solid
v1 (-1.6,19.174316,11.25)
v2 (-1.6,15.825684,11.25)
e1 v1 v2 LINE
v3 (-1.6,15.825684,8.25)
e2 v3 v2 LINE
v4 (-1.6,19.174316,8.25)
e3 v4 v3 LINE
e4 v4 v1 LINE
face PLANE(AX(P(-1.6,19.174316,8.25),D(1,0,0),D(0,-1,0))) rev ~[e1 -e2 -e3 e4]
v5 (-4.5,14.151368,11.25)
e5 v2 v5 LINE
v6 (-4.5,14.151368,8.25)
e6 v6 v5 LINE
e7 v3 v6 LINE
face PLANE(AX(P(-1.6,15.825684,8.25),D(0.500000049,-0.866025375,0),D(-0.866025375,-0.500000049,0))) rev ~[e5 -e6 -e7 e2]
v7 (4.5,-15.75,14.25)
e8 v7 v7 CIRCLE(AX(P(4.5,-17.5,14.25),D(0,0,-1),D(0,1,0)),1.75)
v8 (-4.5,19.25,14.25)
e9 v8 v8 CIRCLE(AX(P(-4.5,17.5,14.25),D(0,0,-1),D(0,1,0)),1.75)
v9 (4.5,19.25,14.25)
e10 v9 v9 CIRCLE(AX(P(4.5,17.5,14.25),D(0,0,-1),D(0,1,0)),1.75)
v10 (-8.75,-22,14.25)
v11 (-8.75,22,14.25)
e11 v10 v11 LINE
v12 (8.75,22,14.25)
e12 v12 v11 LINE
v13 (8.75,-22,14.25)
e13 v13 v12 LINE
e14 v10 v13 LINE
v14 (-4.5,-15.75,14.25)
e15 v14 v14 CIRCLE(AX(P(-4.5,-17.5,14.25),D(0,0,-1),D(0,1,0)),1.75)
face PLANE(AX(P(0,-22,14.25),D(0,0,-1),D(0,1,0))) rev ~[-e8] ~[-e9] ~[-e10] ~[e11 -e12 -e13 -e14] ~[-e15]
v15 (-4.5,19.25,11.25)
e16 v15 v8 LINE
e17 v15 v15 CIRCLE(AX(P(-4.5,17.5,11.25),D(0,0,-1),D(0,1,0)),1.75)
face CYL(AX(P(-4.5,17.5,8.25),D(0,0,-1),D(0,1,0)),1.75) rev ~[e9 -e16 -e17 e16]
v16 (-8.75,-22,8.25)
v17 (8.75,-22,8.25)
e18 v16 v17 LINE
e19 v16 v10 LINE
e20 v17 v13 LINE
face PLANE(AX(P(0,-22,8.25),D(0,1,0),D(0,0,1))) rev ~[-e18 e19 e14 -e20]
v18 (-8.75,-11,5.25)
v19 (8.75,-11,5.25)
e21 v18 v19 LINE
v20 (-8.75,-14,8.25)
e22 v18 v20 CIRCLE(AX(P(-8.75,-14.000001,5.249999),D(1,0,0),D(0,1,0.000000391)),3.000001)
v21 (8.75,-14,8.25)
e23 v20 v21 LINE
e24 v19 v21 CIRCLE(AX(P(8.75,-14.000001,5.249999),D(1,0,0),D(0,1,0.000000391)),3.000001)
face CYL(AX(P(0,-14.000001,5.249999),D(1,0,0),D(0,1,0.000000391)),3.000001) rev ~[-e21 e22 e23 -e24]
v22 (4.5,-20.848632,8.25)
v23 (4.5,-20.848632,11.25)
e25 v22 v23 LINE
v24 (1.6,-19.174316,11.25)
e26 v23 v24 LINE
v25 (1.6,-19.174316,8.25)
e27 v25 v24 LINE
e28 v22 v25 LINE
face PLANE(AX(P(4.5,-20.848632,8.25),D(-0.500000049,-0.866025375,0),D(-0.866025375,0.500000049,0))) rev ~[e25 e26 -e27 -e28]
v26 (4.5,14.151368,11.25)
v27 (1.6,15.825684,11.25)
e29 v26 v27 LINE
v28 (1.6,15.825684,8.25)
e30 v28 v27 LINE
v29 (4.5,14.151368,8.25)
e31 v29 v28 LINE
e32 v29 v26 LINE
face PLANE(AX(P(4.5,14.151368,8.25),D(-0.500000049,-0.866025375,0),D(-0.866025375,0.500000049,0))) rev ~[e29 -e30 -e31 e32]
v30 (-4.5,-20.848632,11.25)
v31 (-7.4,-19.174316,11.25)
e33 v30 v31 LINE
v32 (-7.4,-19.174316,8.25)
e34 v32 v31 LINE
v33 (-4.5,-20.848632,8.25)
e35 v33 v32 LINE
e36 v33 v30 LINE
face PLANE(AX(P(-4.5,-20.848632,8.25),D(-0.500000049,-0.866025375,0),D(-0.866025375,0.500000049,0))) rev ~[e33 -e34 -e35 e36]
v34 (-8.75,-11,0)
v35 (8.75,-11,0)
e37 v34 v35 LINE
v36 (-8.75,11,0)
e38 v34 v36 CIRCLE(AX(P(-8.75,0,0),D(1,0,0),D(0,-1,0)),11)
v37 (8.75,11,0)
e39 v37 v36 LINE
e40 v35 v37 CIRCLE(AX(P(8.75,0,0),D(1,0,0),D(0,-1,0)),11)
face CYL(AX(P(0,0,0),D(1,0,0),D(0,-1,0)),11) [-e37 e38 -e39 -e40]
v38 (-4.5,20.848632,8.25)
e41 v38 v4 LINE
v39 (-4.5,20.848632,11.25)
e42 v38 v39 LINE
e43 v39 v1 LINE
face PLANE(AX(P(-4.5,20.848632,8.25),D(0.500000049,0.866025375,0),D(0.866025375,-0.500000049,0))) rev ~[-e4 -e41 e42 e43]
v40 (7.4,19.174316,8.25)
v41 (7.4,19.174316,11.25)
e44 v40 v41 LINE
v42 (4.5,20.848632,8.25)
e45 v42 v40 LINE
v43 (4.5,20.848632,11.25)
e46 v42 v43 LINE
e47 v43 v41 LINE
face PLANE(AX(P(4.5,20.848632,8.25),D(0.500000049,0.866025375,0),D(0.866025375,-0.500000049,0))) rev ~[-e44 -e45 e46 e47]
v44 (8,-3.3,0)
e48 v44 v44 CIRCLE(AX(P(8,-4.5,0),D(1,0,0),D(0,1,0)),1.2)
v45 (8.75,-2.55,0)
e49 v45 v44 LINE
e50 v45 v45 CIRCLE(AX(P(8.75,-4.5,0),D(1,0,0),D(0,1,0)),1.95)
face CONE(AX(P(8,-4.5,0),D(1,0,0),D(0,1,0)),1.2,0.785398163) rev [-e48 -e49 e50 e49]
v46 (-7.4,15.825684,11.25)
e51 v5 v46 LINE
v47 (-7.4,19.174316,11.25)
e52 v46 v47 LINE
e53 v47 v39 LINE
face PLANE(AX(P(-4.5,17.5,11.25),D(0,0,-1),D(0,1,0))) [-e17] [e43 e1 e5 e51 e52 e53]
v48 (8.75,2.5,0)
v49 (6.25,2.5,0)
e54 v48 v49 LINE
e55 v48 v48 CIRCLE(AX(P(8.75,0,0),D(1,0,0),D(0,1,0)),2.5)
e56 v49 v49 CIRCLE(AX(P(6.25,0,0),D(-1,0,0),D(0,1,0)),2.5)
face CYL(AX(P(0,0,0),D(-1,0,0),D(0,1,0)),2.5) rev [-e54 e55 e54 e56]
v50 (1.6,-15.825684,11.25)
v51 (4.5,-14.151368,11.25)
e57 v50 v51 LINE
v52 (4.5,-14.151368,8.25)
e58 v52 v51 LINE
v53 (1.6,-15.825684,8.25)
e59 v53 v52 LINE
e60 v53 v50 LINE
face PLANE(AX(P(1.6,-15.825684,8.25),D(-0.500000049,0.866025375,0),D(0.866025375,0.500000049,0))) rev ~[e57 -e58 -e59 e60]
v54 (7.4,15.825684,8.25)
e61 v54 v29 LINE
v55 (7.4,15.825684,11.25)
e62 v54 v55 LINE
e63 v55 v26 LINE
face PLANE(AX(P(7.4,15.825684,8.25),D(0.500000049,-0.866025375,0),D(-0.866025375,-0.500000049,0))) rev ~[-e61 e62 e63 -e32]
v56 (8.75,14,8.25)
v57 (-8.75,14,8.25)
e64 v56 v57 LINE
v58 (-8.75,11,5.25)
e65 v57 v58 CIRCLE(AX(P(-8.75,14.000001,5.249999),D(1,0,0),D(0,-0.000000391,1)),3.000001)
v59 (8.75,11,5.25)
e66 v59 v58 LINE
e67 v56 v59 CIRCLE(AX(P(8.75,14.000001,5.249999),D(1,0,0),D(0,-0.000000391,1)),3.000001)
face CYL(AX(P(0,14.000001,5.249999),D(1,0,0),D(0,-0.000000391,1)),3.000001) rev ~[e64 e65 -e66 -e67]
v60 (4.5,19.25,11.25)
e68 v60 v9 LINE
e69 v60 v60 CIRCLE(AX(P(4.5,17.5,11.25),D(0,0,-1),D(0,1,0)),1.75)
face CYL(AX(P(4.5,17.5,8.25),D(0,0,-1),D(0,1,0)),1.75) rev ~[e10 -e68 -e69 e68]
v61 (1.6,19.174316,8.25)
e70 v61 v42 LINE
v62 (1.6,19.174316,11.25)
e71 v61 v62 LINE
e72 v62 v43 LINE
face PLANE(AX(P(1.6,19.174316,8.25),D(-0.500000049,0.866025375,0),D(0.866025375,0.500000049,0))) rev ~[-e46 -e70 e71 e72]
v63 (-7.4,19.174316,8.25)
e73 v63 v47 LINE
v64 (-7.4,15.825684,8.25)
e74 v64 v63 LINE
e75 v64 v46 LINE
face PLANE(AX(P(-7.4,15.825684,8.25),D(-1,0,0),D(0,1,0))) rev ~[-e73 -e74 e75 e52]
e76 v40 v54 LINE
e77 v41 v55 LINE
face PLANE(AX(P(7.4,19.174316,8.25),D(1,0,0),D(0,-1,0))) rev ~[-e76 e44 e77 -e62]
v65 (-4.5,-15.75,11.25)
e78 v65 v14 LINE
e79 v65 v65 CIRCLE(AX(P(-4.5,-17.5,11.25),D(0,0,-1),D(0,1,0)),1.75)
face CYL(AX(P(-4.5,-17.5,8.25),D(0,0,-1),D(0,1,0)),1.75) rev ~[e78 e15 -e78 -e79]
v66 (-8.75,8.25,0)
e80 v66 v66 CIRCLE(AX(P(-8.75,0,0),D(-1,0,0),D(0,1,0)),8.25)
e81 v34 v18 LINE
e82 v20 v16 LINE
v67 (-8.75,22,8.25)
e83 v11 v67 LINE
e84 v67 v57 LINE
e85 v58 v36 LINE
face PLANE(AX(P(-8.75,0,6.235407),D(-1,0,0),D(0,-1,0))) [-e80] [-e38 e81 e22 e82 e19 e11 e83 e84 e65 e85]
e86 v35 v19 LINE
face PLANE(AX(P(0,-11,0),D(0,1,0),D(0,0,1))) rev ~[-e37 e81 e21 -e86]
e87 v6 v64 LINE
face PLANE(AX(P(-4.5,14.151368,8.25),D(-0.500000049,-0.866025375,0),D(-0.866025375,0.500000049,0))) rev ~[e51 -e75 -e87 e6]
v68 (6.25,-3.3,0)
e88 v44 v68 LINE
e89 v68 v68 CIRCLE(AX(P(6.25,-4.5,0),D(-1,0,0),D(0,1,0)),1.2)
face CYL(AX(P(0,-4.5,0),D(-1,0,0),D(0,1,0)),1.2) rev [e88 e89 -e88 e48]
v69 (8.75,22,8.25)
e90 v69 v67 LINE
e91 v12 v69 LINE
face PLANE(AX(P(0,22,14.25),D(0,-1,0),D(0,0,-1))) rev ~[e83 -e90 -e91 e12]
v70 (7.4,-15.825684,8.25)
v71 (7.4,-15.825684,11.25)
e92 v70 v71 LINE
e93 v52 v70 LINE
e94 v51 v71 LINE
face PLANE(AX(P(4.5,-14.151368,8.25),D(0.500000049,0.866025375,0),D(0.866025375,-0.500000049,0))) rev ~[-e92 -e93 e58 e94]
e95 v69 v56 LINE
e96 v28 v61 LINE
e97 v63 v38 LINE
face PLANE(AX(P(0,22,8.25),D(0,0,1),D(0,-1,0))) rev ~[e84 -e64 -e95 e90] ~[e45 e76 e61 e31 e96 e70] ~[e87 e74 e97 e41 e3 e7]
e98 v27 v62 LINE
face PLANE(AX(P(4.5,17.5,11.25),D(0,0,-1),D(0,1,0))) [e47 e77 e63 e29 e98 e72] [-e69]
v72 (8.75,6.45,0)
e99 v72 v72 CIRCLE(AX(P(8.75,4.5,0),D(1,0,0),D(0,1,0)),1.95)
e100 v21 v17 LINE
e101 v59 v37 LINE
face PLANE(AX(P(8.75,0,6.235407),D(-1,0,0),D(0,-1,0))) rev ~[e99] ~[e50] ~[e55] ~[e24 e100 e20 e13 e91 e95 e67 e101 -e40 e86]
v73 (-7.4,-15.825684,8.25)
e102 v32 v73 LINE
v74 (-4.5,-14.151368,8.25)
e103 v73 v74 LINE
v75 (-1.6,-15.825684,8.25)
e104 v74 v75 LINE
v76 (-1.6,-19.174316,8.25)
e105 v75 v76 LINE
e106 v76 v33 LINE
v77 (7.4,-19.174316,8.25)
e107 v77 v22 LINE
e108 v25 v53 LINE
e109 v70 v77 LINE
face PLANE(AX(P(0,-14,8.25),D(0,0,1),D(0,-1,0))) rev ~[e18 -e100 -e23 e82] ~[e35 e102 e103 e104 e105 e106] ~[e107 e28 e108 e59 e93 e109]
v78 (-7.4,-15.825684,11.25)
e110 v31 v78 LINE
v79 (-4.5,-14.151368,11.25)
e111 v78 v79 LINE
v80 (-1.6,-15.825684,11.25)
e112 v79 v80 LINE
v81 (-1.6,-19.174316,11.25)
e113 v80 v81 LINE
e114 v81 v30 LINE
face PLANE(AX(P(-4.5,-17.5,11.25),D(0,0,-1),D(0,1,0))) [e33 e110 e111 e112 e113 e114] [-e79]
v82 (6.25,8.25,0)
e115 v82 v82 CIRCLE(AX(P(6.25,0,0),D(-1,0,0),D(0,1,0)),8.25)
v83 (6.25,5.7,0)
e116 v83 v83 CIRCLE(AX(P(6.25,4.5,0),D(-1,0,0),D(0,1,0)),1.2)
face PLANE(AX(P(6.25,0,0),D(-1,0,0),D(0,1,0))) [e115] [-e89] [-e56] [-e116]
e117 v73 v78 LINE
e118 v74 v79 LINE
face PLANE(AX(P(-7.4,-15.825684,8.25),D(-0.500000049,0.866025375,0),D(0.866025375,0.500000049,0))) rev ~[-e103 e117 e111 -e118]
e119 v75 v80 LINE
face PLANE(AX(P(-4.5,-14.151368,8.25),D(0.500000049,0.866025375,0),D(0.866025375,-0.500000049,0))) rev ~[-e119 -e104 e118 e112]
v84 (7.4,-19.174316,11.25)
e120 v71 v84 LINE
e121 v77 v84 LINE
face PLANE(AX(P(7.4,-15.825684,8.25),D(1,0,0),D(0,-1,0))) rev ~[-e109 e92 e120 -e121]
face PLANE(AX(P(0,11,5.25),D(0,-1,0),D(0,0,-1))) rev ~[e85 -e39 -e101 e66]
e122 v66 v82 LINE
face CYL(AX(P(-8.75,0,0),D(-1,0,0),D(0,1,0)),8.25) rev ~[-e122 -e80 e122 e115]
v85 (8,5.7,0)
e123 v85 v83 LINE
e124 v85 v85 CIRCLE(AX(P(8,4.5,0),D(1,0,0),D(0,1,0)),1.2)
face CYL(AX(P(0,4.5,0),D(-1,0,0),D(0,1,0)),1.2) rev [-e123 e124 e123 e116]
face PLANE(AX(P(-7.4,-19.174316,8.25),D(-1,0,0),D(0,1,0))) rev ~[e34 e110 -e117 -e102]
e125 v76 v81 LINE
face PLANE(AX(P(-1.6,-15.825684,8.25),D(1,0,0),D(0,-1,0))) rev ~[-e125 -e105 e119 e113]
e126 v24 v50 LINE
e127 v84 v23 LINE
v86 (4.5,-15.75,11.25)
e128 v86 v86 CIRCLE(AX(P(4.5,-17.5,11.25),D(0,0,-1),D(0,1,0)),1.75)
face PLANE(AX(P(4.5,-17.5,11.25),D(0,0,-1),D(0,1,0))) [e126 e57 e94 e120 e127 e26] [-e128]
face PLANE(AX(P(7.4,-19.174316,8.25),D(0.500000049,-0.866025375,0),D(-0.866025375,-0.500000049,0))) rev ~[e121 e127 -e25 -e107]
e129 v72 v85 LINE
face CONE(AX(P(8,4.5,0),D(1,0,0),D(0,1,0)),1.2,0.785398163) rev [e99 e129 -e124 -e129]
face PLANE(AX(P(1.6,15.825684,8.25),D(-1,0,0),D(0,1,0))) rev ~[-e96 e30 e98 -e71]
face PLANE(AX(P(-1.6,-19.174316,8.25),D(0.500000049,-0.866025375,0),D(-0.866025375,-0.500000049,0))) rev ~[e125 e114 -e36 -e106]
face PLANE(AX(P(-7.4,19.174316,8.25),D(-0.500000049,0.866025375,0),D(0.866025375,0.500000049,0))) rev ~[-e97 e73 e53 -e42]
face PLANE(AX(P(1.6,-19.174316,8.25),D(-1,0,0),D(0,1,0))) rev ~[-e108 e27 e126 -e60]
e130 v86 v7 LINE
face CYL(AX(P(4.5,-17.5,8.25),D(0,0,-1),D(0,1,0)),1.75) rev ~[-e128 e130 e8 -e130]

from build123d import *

# Parameters (mm, degrees)
SKETCH_R        = 1.2
SKETCH_R_2      = 2.5
PAD_DEPTH       = 8.75
SKETCH001_R     = 8.25
POCKET_DEPTH    = 15
POCKET001_DEPTH = 3
SKETCH003_R     = 1.75
POCKET002_DEPTH = 6.001
CHAMFER_SIZE    = 0.75


with BuildPart() as part:
    # Sketch → Pad (new body, symmetric)
    with BuildSketch(Plane.YZ):
        with BuildLine():
            Line((-22, 14.25), (22, 14.25))
            Line((22, 14.25), (22, 8.25))
            Line((22, 8.25), (14, 8.25))
            ThreePointArc((14, 8.25), (11.87868, 7.37132), (11, 5.25))
            Line((11, 5.25), (11, 0))
            ThreePointArc((-11, 0), (0, -11), (11, 0))
            Line((-11, 0), (-11, 5.25))
            ThreePointArc((-11, 5.25), (-11.87868, 7.37132), (-14, 8.25))
            Line((-14, 8.25), (-22, 8.25))
            Line((-22, 8.25), (-22, 14.25))
        make_face()
        with Locations((-4.5, 0)):
            Circle(SKETCH_R, mode=Mode.SUBTRACT)
        with Locations((4.5, 0)):
            Circle(SKETCH_R, mode=Mode.SUBTRACT)
        Circle(SKETCH_R_2, mode=Mode.SUBTRACT)
    extrude(amount=PAD_DEPTH, both=True)

    # Sketch001 (on Face14 of Pad) → Pocket (cut)
    with BuildSketch(Plane(origin=(-8.75, 0, 0), x_dir=(0, 1, 0), z_dir=(-1, 0, 0))):
        Circle(SKETCH001_R)
    extrude(amount=-POCKET_DEPTH, mode=Mode.SUBTRACT)

    # Sketch002 (on Face7 of Pocket) → Pocket001 (cut)
    with BuildSketch(Plane.YX.offset(-8.25)):
        Polygon((-15.825684, 7.4), (-19.174316, 7.4), (-20.848632, 4.5), (-19.174316, 1.6), (-15.825684, 1.6), (-14.151368, 4.5), align=None)
        Polygon((-14.151368, -4.5), (-15.825684, -1.6), (-19.174316, -1.6), (-20.848632, -4.5), (-19.174316, -7.4), (-15.825684, -7.4), align=None)
        Polygon((19.174316, 1.6), (20.848632, 4.5), (19.174316, 7.4), (15.825684, 7.4), (14.151368, 4.5), (15.825684, 1.6), align=None)
        Polygon((19.174316, -7.4), (20.848632, -4.5), (19.174316, -1.6), (15.825684, -1.6), (14.151368, -4.5), (15.825684, -7.4), align=None)
    extrude(amount=-POCKET001_DEPTH, mode=Mode.SUBTRACT)

    # Sketch003 (on Face7 of Pocket001) → Pocket002 (cut, through all)
    with BuildSketch(Plane.YX.offset(-8.25)):
        with Locations((-17.5, 4.5)):
            Circle(SKETCH003_R)
        with Locations((-17.5, -4.5)):
            Circle(SKETCH003_R)
        with Locations((17.5, -4.5)):
            Circle(SKETCH003_R)
        with Locations((17.5, 4.5)):
            Circle(SKETCH003_R)
    extrude(amount=-POCKET002_DEPTH, mode=Mode.SUBTRACT)

    # Chamfer
    chamfer_edges = [part.edges().sort_by_distance(p)[0] for p in [
        (8.75, 3.3, 0),
        (8.75, -5.7, 0),
    ]]
    chamfer(chamfer_edges, length=CHAMFER_SIZE)


solid = part.part
